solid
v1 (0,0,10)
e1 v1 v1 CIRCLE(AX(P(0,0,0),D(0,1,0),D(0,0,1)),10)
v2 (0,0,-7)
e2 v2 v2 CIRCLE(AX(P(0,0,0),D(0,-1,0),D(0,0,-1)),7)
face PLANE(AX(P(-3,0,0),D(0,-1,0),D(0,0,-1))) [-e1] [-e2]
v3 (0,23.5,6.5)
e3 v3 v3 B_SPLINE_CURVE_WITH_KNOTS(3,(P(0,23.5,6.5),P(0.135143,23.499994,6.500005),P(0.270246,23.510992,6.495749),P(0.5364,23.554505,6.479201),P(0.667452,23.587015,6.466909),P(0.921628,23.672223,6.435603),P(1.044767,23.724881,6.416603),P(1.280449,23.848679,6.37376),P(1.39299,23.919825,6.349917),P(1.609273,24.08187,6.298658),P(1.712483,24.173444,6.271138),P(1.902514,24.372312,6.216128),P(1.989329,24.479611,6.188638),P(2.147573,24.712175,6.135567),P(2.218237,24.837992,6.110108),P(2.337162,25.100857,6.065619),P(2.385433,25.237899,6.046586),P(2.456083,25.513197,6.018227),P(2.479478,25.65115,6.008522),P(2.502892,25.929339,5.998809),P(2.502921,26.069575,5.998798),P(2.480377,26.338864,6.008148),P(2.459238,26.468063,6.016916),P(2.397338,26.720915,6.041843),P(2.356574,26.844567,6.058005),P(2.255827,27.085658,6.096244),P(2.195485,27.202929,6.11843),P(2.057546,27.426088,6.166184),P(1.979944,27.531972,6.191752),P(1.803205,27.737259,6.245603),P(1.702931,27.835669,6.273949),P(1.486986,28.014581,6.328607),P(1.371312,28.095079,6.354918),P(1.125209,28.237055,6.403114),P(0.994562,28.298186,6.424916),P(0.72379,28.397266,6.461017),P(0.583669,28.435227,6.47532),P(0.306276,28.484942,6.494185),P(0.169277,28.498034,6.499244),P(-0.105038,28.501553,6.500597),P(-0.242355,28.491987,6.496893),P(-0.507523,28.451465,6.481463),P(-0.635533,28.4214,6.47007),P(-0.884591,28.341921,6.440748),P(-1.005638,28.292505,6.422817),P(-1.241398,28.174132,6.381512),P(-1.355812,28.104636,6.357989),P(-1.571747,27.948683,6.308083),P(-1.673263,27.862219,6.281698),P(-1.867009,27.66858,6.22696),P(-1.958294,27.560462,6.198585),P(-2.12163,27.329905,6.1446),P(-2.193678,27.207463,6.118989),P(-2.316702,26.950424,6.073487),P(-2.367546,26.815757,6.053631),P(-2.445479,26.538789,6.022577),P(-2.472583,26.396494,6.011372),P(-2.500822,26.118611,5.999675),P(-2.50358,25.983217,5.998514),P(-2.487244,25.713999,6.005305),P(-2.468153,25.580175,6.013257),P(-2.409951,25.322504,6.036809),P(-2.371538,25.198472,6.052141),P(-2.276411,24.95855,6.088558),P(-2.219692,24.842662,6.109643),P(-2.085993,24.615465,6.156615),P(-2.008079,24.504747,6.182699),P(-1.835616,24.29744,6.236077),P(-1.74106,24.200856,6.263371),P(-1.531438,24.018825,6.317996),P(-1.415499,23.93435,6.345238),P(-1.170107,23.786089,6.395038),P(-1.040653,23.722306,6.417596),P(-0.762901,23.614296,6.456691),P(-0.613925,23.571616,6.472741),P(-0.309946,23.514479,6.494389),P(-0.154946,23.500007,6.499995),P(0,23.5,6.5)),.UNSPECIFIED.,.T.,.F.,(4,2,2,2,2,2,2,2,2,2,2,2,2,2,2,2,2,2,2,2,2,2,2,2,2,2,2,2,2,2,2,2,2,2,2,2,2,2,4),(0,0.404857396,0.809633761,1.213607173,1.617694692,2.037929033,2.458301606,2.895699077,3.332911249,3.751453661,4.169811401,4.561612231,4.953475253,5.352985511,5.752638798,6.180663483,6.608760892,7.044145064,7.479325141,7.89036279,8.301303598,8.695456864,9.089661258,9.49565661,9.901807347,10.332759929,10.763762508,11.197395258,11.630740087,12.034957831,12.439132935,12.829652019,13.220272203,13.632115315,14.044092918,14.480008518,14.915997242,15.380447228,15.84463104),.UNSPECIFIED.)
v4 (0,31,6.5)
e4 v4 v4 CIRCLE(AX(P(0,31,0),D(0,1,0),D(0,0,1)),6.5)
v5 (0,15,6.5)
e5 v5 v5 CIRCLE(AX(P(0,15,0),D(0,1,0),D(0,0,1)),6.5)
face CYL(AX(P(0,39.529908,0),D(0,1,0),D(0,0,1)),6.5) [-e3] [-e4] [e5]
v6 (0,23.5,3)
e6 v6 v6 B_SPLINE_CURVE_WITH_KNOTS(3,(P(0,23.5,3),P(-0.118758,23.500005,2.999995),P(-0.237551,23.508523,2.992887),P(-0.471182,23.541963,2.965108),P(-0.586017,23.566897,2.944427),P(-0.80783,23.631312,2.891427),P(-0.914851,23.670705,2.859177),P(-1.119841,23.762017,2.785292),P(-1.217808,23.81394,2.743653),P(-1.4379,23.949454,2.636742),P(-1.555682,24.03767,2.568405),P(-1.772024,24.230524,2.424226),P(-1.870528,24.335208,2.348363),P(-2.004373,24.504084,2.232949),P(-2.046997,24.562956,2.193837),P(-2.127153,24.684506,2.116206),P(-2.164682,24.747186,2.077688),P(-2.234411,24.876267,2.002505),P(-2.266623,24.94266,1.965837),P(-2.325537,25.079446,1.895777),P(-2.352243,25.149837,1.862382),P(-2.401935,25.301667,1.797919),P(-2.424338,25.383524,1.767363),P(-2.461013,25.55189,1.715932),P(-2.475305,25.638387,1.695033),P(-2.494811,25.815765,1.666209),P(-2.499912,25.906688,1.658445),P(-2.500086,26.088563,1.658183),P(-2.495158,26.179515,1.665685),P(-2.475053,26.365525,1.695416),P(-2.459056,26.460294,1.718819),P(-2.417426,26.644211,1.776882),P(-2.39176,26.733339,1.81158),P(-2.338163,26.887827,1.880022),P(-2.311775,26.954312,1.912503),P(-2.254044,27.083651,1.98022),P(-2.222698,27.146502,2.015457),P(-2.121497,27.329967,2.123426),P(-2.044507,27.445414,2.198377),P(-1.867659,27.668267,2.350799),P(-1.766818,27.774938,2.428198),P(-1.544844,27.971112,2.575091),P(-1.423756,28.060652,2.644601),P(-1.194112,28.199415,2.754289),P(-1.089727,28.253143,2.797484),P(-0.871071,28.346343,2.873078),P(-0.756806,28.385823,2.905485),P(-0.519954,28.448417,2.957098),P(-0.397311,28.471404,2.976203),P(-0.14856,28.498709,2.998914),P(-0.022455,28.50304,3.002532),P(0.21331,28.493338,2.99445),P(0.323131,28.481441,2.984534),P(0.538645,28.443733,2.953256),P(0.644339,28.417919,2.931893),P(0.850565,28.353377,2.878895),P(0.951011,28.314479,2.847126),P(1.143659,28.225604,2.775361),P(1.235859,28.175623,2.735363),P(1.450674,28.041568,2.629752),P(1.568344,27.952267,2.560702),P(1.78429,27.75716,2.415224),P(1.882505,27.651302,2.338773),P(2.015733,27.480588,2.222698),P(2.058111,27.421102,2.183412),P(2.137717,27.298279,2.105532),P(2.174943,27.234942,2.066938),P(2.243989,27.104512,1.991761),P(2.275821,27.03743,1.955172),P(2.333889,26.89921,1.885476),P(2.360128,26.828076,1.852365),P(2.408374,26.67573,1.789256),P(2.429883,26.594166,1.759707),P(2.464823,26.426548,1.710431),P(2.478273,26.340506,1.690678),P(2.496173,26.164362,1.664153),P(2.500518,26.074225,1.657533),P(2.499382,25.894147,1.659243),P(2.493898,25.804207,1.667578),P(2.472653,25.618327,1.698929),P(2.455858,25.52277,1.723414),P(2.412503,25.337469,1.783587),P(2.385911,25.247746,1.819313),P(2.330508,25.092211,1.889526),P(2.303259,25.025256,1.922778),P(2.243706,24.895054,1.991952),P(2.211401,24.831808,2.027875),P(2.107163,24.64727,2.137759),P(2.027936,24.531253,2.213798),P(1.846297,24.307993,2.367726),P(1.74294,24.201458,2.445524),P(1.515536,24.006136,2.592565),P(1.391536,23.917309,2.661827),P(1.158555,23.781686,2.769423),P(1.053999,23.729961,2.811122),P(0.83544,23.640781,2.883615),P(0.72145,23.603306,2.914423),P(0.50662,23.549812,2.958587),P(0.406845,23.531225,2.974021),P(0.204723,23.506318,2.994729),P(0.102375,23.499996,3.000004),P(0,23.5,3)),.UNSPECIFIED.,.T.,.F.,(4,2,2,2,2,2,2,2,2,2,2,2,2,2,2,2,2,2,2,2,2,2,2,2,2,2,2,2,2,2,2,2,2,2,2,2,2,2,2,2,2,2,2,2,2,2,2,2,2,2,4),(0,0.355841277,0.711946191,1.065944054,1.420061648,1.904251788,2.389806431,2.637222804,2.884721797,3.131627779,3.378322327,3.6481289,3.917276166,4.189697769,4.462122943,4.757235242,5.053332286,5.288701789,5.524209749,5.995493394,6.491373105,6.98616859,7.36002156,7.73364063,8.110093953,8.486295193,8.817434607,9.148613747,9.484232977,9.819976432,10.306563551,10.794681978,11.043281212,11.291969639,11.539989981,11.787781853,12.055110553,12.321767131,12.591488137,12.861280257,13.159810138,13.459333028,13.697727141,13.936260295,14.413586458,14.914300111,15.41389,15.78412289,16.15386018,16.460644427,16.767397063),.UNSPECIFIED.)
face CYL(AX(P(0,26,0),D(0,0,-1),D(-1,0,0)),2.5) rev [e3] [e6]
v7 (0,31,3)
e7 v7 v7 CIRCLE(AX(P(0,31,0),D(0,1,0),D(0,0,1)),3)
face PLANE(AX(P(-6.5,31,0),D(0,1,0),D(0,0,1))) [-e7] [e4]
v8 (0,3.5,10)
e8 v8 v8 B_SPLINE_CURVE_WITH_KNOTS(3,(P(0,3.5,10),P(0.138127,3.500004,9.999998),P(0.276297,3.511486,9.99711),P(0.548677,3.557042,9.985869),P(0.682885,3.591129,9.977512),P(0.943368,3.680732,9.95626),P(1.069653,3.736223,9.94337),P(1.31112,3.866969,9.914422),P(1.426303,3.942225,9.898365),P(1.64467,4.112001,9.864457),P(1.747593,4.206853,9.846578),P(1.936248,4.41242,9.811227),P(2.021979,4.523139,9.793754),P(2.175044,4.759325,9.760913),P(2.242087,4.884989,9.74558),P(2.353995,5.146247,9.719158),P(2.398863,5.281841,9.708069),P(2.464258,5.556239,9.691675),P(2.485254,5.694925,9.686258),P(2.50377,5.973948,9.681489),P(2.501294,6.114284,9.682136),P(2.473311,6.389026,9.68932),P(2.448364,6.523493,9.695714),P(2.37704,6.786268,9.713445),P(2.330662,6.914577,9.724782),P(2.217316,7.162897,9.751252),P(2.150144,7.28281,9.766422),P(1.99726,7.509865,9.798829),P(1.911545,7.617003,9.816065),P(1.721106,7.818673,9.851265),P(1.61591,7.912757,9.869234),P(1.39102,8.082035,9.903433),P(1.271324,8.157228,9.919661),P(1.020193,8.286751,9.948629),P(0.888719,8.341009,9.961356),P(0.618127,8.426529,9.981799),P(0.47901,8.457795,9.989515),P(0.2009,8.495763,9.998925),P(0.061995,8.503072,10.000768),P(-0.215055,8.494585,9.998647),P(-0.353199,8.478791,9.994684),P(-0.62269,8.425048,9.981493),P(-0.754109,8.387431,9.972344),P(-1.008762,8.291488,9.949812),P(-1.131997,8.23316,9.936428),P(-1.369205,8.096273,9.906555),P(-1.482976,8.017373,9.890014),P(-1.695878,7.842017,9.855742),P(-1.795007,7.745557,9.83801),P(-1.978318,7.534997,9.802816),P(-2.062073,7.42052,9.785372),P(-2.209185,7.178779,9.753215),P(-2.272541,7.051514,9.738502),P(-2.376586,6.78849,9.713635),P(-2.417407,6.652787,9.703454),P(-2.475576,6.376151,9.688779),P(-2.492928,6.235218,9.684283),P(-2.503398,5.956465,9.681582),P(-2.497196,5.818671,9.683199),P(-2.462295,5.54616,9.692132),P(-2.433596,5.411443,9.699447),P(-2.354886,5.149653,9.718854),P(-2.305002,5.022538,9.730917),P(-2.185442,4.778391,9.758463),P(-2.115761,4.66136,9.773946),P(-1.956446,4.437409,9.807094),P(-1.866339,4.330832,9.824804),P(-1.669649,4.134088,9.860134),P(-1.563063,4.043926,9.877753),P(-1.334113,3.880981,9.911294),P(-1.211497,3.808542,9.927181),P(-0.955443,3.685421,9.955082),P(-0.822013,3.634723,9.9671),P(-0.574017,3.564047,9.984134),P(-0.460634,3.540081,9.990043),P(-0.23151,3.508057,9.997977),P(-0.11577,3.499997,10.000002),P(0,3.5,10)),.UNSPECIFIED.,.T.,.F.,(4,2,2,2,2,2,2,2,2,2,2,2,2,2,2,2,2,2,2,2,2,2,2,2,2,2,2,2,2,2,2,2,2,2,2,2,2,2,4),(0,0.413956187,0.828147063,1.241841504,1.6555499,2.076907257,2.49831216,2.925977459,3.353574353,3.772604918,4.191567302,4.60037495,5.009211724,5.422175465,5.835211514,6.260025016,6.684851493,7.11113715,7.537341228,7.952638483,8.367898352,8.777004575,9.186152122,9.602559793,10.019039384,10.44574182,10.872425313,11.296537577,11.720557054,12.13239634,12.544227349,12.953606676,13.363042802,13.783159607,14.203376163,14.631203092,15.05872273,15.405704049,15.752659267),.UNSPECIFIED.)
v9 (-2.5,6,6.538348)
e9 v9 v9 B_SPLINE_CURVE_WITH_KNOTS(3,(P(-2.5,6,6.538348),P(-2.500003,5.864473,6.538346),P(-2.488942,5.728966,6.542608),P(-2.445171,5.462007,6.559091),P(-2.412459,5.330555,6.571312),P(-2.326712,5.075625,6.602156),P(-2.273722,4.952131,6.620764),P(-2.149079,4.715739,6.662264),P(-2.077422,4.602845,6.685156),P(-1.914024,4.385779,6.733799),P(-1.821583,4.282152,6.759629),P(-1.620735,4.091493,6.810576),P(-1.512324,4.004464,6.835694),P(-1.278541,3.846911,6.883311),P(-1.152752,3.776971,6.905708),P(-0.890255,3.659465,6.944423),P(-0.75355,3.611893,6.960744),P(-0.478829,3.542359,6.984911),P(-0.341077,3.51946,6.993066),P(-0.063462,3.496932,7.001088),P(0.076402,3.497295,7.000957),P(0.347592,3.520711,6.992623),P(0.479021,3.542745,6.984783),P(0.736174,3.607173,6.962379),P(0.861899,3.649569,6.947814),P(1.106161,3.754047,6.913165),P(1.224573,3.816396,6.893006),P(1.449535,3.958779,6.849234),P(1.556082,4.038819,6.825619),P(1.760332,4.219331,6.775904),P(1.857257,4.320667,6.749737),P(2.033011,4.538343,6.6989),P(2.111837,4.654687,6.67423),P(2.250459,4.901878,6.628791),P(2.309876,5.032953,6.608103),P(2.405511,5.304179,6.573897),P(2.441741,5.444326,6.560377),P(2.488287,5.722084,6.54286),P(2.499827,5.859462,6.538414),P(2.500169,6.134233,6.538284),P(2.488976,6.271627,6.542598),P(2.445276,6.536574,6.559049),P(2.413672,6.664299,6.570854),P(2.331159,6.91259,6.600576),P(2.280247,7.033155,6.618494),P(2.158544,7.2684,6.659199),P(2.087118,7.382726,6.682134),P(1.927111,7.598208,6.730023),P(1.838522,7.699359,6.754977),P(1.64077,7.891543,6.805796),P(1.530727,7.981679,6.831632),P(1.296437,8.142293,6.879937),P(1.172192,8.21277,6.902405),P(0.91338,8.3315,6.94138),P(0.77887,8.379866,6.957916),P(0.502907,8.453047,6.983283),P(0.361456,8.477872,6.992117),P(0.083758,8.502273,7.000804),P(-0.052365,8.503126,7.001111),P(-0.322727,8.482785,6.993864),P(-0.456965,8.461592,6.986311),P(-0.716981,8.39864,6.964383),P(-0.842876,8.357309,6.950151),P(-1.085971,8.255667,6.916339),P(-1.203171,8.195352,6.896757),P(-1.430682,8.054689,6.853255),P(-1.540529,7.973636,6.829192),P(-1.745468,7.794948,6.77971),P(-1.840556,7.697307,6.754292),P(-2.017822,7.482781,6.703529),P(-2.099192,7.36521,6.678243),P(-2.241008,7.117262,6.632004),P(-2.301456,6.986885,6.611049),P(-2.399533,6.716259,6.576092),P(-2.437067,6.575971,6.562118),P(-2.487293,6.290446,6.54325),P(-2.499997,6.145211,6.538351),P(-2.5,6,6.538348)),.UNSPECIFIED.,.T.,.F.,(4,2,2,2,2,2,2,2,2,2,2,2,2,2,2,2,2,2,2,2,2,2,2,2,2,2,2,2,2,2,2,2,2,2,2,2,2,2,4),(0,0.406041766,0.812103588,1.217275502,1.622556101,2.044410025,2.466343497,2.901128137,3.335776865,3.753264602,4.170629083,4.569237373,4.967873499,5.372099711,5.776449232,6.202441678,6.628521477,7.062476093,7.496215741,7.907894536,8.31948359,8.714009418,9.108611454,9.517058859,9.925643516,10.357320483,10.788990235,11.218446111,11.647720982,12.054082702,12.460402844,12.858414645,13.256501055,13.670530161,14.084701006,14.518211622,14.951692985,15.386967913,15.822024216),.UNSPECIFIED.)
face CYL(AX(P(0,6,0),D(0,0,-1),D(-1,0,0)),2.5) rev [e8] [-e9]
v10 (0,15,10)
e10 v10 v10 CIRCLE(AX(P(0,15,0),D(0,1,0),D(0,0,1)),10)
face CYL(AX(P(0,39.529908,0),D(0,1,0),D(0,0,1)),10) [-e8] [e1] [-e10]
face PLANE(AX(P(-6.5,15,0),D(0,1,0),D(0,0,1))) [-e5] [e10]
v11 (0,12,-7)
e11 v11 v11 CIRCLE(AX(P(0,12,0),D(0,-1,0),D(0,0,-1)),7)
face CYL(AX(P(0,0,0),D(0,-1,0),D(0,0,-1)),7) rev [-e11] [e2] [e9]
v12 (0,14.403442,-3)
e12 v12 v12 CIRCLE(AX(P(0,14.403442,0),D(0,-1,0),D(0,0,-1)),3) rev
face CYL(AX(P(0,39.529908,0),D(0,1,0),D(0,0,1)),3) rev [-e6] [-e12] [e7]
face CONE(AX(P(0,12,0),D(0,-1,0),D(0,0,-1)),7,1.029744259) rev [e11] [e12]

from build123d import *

# Parameters (mm, degrees)
TROU_TARAUD_M14X1_51_D     = 14
TROU_TARAUD_M14X1_51_DEPTH = 12
TROU_TARAUD_M14X1_51_TIP   = 4.206024333
TROU_TARAUD_M61_AT_2_COUNT = 2
TROU_TARAUD_M61_AT_2_PITCH = 20


with BuildPart() as part:
    # Esquisse1 → Révolution1 (revolve)
    with BuildSketch(Plane.XY, mode=Mode.PRIVATE) as r_volution1_sk:
        Polygon((-6.5, 31), (-3, 31), (-3, 0), (-10, 0), (-10, 15), (-6.5, 15), align=None)
    revolve(r_volution1_sk.sketch.rotate(Axis((0, 39.529907563, 0), (0, -1, 0)), 270), axis=Axis((0, 39.529907563, 0), (0, -1, 0)))

    # Trou taraudé M14x1.51
    with Locations(Plane(origin=(0, 0, 0), x_dir=(-1, 0, 0), z_dir=(0, -1, 0))):
        with Locations((0, 0)):
            Hole(TROU_TARAUD_M14X1_51_D / 2, depth=TROU_TARAUD_M14X1_51_DEPTH)
            with Locations((0, 0, -(TROU_TARAUD_M14X1_51_DEPTH + TROU_TARAUD_M14X1_51_TIP / 2))):  # 118° drill point
                Cone(0, TROU_TARAUD_M14X1_51_D / 2, TROU_TARAUD_M14X1_51_TIP, mode=Mode.SUBTRACT)

    # Esquisse7 → Trou taraudé M61 (revolve, cut)
    with BuildSketch(Plane(origin=(0, 6, 0), x_dir=(0, 1, 0), z_dir=(1, 0, 0))):
        Polygon((0, 0), (0, 17.502151548), (2.5, 16), (2.5, 0), align=None)
    trou_taraud_m61 = revolve(axis=Axis((0, 6, -6.35), (0, 0, 1)), mode=Mode.SUBTRACT)

    # Trou taraudé M61 at 2: Trou taraudé M61 ×2
    with Locations(*[(0, i * TROU_TARAUD_M61_AT_2_PITCH, 0) for i in range(1, TROU_TARAUD_M61_AT_2_COUNT)]):
        add(trou_taraud_m61, mode=Mode.SUBTRACT)


solid = part.part
